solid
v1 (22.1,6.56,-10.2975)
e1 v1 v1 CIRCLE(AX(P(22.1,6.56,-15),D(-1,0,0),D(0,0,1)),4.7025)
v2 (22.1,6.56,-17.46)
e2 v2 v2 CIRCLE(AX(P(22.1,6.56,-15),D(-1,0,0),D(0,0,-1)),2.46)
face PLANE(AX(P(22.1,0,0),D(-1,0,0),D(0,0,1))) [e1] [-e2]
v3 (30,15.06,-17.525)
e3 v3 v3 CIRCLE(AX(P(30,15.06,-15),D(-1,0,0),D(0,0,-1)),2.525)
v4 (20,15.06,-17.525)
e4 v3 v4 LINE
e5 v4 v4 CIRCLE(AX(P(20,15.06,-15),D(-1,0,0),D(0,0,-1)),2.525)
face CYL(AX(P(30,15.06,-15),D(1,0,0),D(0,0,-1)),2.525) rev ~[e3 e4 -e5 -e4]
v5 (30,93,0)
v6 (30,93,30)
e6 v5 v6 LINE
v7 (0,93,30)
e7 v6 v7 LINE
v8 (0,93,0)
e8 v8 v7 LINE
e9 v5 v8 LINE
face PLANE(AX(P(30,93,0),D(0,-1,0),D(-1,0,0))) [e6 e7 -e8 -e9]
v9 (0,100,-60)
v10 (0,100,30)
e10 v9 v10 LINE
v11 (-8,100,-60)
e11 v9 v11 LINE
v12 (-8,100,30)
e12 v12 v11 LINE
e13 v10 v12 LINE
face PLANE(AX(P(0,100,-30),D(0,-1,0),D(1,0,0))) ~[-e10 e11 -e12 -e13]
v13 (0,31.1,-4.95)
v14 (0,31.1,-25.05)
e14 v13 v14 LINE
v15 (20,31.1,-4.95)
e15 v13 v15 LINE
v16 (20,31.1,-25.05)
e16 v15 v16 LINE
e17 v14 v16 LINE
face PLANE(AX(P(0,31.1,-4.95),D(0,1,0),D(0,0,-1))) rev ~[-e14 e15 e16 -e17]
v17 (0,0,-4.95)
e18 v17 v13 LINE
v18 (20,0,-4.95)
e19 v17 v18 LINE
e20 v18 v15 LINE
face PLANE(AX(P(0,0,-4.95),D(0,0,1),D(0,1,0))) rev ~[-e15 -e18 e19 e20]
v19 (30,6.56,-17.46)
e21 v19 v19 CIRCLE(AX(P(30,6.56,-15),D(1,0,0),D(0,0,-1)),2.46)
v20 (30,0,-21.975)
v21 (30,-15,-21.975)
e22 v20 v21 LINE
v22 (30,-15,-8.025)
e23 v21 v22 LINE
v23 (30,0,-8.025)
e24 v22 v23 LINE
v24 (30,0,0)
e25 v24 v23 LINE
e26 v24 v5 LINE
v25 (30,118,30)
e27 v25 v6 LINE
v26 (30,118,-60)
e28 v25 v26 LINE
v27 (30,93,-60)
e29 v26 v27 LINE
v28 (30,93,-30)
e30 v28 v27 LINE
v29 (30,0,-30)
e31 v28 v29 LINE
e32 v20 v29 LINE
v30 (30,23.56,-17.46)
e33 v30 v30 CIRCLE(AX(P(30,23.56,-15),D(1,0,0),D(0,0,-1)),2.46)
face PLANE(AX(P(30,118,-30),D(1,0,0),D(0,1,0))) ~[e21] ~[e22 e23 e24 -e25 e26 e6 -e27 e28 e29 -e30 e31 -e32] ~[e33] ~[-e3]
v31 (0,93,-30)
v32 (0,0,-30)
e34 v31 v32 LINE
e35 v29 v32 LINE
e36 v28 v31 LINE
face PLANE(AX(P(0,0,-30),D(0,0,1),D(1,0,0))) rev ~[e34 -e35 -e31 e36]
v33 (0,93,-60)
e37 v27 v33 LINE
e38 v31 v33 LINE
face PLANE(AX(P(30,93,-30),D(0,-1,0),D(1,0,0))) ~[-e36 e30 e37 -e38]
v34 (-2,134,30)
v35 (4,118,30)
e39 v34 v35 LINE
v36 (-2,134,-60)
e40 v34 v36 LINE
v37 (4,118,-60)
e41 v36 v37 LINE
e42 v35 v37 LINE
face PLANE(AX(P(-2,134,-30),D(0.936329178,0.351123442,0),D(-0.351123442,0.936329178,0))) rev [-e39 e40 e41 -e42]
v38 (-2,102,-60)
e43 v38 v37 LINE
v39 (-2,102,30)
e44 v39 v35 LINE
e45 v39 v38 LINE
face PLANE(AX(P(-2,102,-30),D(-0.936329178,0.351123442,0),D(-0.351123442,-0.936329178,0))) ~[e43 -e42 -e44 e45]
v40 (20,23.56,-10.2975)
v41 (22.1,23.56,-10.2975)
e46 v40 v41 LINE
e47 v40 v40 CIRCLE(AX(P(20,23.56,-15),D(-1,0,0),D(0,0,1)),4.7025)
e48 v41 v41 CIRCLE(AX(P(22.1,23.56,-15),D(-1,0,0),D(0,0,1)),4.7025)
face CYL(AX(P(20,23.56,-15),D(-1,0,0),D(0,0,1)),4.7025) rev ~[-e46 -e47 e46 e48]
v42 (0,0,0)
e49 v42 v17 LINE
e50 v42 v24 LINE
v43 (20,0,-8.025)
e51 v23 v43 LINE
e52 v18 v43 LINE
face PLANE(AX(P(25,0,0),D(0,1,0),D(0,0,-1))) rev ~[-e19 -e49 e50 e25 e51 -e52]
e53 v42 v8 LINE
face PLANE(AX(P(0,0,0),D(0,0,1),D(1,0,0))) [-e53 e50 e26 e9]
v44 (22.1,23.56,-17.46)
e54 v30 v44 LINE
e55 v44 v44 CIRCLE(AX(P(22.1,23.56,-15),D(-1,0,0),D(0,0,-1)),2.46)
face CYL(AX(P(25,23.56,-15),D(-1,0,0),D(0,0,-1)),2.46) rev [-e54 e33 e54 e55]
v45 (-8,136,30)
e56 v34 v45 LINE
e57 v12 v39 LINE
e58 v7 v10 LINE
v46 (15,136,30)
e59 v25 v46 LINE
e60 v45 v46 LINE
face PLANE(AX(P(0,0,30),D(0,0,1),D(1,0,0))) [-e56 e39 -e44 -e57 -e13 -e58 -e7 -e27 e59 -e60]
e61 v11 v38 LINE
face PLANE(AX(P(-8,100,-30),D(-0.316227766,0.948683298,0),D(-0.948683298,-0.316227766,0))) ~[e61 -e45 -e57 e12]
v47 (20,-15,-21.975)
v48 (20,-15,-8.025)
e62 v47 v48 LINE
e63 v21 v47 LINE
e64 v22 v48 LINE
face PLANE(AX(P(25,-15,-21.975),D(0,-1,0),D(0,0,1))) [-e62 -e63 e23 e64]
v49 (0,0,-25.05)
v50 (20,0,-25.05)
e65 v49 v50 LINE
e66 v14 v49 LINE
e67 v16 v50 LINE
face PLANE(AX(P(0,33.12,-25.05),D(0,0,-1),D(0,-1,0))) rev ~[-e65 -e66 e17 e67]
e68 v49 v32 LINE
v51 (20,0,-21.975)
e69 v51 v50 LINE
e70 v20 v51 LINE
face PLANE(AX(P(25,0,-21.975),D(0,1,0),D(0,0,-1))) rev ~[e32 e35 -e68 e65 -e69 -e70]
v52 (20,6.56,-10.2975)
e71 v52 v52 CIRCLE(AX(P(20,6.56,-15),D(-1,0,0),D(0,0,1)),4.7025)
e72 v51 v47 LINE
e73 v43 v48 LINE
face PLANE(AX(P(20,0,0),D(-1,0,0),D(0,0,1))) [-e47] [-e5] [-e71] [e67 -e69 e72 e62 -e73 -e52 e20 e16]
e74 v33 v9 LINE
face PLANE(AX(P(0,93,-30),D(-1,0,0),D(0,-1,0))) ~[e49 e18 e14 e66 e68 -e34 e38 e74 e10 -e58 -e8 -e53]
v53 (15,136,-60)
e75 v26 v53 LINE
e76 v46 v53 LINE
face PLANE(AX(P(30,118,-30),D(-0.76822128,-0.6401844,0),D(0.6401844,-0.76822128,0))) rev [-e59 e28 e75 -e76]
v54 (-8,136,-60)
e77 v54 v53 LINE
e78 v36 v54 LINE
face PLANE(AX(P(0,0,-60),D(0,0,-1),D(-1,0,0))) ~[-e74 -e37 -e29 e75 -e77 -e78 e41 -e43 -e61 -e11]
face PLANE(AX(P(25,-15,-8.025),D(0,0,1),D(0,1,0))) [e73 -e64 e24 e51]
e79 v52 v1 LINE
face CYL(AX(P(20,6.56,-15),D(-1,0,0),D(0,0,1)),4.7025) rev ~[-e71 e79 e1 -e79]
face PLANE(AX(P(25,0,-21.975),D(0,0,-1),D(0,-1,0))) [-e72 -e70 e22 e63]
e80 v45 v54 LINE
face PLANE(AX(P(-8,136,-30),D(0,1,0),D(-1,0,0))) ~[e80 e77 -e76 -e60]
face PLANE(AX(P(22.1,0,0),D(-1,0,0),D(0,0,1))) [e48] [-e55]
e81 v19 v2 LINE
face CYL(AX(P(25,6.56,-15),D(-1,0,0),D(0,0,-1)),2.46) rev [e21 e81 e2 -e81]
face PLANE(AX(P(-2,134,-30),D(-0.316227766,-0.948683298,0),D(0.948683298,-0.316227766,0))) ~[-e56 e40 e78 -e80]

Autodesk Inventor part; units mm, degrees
ref_plane "YZ Plane" through (0, 0, 0) normal (1, 0, 0) x (0, 1, 0)
ref_plane "XZ Plane" through (0, 0, 0) normal (0, 1, 0) x (-1, 0, 0)
sketch "Sketch1" plane through (0, 0, 0) normal (0, 0, 1) x (1, 0, 0)
  line L0 (0, 0) -> (25, 0)
  line L1 (25, 0) -> (25, 40)
  line L2 (25, 40) -> (0, 40)
  line L3 (0, 40) -> (0, 0)
  dimension "d1" = 25
  dimension "d2" = 40
  dimension "d3" = 25
extrude "Extrusion1" add sketch "Sketch1" against normal blind 30
sketch "Sketch2" plane through (25, 0, 0) normal (1, 0, 0) x (0, 0, -1)
  line L0 (0, 0) -> (30, 0) projected
  circle A0 centre (15, 6.56) radius 2.46
extrude "Extrusion2" cut sketch "Sketch2" against normal blind 30
sketch "Sketch3" plane through (0, 0, 0) normal (-1, 0, 0) x (0, 0, 1)
  line L0 (0, 0) -> (-30, 0) projected
  line L1 (-25.05, 0) -> (-4.95, 0)
  line L2 (-4.95, 0) -> (-4.95, 33.12)
  line L3 (-4.95, 33.12) -> (-25.05, 33.12)
  line L4 (-25.05, 33.12) -> (-25.05, 0)
  dimension "d11" = 20.1
extrude "Extrusion3" cut sketch "Sketch3" against normal blind 20
sketch "Sketch4" plane through (0, 0, 0) normal (0, -1, 0) x (1, 0, 0)
  line L0 (20, -4.95) -> (20, -25.05) projected
  line L1 (20, -15) -> (25, -15)
  line L2 (25, 0) -> (25, -30) projected
  line L3 (20, -8.025) -> (25, -8.025)
  line L4 (25, -8.025) -> (25, -21.975)
  line L5 (25, -21.975) -> (20, -21.975)
  line L6 (20, -21.975) -> (20, -8.025)
  line L7 (20, -8.025) -> (25, -21.975) construction
  line L8 (25, -8.025) -> (20, -21.975) construction
  line L9 (25, -12.54) -> (25, -17.46) projected
  point P0 (0, 0)
  point P1 (22.5, -15)
  dimension "d14" = 13.95
extrude "Extrusion4" add sketch "Sketch4" along normal blind 15
sketch "Sketch5" plane through (20, 0, 0) normal (-1, 0, 0) x (0, 0, 1)
  circle A0 centre (-15, 6.56) radius 2.46 projected
  circle A1 centre (-15, 6.56) radius 4.7025
  circle A2 centre (-15, 6.56) radius 2.46 projected
  circle A3 centre (-15, 6.56) radius 2.46
  point P0 (0, 0)
  dimension "d17" = 9.405
extrude "Extrusion5" cut sketch "Sketch5" against normal blind 2.1
sketch "Sketch6" plane through (25, 0, 0) normal (1, 0, 0) x (0, 0, -1)
  circle A0 centre (15, 6.56) radius 4.7025 projected
  line L0 (15, 6.56) -> (15, 23.56)
  circle A1 centre (15, 23.56) radius 2.46
  point P0 (0, 0)
  dimension "d20" = 17
  dimension "d21" = 4.92
extrude "Extrusion6" cut sketch "Sketch6" against normal blind 10 contours A1
sketch "Sketch7" plane through (20, 0, 0) normal (-1, 0, 0) x (0, 0, 1)
  circle A0 centre (-15, 23.56) radius 2.46 projected
  circle A1 centre (-15, 23.56) radius 4.7025
  point P0 (0, 0)
  dimension "d24" = 9.405
extrude "Extrusion7" cut sketch "Sketch7" against normal blind 2.1
sketch "Sketch9" plane through (25, 0, 0) normal (1, 0, 0) x (0, 0, -1)
  circle A0 centre (15, 6.56) radius 2.46 projected
  circle A1 centre (15, 6.56) radius 2.46
  circle A2 centre (15, 23.56) radius 2.46 projected
  circle A3 centre (15, 23.56) radius 2.46
  line L0 (30, 40) -> (30, 0) projected
  line L1 (30, 0) -> (30, 40)
  line L2 (30, 40) -> (0, 40)
  line L3 (0, 40) -> (0, 0)
  line L4 (0, 0) -> (8.025, 0) projected
  line L5 (21.975, 0) -> (21.975, -15)
  line L6 (21.975, -15) -> (8.025, -15)
  line L7 (8.025, -15) -> (8.025, 0)
  line L8 (0, 0) -> (8.025, 0)
  line L9 (21.975, 0) -> (30, 0)
extrude "Extrusion8" add sketch "Sketch9" along normal blind 5
sketch "Sketch10" plane through (0, 40, 0) normal (0, 1, 0) x (1, 0, 0)
  line L0 (0, 30) -> (30, 30) projected
  line L1 (30, 0) -> (0, 0) projected
  line L2 (0, 30) -> (30, 30)
  line L3 (30, 30) -> (30, 0)
  line L4 (30, 0) -> (0, 0)
  line L5 (0, 0) -> (0, 30)
extrude "Extrusion9" add sketch "Sketch10" along normal blind 30
sketch "Sketch12" plane through (30, 0, 0) normal (1, 0, 0) x (0, 0, -1)
  circle A0 centre (15, 6.56) radius 2.46 projected
  line L0 (15, 6.56) -> (15, 15.06)
  circle A1 centre (15, 15.06) radius 2.525
  point P0 (0, 0)
  dimension "d31" = 8.5
  dimension "d33" = 5.05
extrude "Extrusion10" cut sketch "Sketch12" against normal blind 30 contours A1
sketch "Sketch14" plane through (0, 0, 0) normal (0, 0, 1) x (1, 0, 0)
  line L0 (30, 70) -> (0, 70) projected
  line L1 (0, 100) -> (-8, 100)
  line L2 (30, 0) -> (30, 70) projected
  line L3 (30, 118) -> (30, 70)
  line L4 (30, 105) -> (30, 100)
  line L5 (-2, 134) -> (-8, 136)
  line L6 (-2, 134) -> (4, 118)
  line L7 (-2, 102) -> (-8, 100)
  line L8 (-2, 102) -> (4, 118)
  line L9 (0, 70) -> (30, 70) projected
  line L10 (0, 70) -> (0, 100)
  line L11 (15, 136) -> (30, 118)
  line L12 (-8, 136) -> (15, 136)
  point P0 (0, 0)
  dimension "d47" = 30
extrude "Extrusion12" add sketch "Sketch14" against normal blind 30
sketch "Sketch15" plane through (0, 0, -25.05) normal (-1, 0, 0) x (0, 0, 1)
  line L0 (0, 33.12) -> (20.1, 33.12) projected
  line L1 (20.1, 33.12) -> (20.1, 0) projected
  line L2 (0, 33.12) -> (20.1, 33.12)
  line L3 (20.1, 33.12) -> (20.1, 31.1)
  line L4 (20.1, 31.1) -> (0, 31.1)
  line L5 (0, 31.1) -> (0, 33.12)
  point P0 (25.05, 0)
  dimension "d57" = 2.02
extrude "Extrusion13" add sketch "Sketch15" against normal blind 20
sketch "Sketch23" plane through (0, 0, 0) normal (0, 0, 1) x (1, 0, 0)
  line L0 (0, 100) -> (-8, 100) projected
  line L1 (-8, 100) -> (-2, 102) projected
  line L2 (-8, 100) -> (-2, 102)
  line L3 (-2, 102) -> (4, 118) projected
  line L4 (-2, 102) -> (4, 118)
  line L5 (-2, 134) -> (4, 118) projected
  line L6 (4, 118) -> (-2, 134)
  line L7 (-2, 134) -> (-8, 136) projected
  line L8 (-2, 134) -> (-8, 136)
  line L9 (-8, 136) -> (15, 136) projected
  line L10 (-8, 136) -> (15, 136)
  line L11 (30, 118) -> (15, 136) projected
  line L12 (15, 136) -> (30, 118)
  line L13 (30, 118) -> (30, 93)
  line L14 (30, 0) -> (30, 118) projected
  line L15 (30, 93) -> (0, 93)
  line L16 (0, 93) -> (0, 100)
  line L17 (-8, 100) -> (0, 100)
  point P0 (0, 0)
  dimension "d85" = 25
extrude "Extrusion14" add sketch "Sketch23" along normal blind 30
ref_plane "Work Plane1" through (0, 0, -15) normal (0, 0, 1) x (1, 0, 0)
mirror "Mirror1" about plane through (0, 0, -15) normal (0, 0, 1) of "Extrusion14"
properties part number "32mm_x_90mm"
